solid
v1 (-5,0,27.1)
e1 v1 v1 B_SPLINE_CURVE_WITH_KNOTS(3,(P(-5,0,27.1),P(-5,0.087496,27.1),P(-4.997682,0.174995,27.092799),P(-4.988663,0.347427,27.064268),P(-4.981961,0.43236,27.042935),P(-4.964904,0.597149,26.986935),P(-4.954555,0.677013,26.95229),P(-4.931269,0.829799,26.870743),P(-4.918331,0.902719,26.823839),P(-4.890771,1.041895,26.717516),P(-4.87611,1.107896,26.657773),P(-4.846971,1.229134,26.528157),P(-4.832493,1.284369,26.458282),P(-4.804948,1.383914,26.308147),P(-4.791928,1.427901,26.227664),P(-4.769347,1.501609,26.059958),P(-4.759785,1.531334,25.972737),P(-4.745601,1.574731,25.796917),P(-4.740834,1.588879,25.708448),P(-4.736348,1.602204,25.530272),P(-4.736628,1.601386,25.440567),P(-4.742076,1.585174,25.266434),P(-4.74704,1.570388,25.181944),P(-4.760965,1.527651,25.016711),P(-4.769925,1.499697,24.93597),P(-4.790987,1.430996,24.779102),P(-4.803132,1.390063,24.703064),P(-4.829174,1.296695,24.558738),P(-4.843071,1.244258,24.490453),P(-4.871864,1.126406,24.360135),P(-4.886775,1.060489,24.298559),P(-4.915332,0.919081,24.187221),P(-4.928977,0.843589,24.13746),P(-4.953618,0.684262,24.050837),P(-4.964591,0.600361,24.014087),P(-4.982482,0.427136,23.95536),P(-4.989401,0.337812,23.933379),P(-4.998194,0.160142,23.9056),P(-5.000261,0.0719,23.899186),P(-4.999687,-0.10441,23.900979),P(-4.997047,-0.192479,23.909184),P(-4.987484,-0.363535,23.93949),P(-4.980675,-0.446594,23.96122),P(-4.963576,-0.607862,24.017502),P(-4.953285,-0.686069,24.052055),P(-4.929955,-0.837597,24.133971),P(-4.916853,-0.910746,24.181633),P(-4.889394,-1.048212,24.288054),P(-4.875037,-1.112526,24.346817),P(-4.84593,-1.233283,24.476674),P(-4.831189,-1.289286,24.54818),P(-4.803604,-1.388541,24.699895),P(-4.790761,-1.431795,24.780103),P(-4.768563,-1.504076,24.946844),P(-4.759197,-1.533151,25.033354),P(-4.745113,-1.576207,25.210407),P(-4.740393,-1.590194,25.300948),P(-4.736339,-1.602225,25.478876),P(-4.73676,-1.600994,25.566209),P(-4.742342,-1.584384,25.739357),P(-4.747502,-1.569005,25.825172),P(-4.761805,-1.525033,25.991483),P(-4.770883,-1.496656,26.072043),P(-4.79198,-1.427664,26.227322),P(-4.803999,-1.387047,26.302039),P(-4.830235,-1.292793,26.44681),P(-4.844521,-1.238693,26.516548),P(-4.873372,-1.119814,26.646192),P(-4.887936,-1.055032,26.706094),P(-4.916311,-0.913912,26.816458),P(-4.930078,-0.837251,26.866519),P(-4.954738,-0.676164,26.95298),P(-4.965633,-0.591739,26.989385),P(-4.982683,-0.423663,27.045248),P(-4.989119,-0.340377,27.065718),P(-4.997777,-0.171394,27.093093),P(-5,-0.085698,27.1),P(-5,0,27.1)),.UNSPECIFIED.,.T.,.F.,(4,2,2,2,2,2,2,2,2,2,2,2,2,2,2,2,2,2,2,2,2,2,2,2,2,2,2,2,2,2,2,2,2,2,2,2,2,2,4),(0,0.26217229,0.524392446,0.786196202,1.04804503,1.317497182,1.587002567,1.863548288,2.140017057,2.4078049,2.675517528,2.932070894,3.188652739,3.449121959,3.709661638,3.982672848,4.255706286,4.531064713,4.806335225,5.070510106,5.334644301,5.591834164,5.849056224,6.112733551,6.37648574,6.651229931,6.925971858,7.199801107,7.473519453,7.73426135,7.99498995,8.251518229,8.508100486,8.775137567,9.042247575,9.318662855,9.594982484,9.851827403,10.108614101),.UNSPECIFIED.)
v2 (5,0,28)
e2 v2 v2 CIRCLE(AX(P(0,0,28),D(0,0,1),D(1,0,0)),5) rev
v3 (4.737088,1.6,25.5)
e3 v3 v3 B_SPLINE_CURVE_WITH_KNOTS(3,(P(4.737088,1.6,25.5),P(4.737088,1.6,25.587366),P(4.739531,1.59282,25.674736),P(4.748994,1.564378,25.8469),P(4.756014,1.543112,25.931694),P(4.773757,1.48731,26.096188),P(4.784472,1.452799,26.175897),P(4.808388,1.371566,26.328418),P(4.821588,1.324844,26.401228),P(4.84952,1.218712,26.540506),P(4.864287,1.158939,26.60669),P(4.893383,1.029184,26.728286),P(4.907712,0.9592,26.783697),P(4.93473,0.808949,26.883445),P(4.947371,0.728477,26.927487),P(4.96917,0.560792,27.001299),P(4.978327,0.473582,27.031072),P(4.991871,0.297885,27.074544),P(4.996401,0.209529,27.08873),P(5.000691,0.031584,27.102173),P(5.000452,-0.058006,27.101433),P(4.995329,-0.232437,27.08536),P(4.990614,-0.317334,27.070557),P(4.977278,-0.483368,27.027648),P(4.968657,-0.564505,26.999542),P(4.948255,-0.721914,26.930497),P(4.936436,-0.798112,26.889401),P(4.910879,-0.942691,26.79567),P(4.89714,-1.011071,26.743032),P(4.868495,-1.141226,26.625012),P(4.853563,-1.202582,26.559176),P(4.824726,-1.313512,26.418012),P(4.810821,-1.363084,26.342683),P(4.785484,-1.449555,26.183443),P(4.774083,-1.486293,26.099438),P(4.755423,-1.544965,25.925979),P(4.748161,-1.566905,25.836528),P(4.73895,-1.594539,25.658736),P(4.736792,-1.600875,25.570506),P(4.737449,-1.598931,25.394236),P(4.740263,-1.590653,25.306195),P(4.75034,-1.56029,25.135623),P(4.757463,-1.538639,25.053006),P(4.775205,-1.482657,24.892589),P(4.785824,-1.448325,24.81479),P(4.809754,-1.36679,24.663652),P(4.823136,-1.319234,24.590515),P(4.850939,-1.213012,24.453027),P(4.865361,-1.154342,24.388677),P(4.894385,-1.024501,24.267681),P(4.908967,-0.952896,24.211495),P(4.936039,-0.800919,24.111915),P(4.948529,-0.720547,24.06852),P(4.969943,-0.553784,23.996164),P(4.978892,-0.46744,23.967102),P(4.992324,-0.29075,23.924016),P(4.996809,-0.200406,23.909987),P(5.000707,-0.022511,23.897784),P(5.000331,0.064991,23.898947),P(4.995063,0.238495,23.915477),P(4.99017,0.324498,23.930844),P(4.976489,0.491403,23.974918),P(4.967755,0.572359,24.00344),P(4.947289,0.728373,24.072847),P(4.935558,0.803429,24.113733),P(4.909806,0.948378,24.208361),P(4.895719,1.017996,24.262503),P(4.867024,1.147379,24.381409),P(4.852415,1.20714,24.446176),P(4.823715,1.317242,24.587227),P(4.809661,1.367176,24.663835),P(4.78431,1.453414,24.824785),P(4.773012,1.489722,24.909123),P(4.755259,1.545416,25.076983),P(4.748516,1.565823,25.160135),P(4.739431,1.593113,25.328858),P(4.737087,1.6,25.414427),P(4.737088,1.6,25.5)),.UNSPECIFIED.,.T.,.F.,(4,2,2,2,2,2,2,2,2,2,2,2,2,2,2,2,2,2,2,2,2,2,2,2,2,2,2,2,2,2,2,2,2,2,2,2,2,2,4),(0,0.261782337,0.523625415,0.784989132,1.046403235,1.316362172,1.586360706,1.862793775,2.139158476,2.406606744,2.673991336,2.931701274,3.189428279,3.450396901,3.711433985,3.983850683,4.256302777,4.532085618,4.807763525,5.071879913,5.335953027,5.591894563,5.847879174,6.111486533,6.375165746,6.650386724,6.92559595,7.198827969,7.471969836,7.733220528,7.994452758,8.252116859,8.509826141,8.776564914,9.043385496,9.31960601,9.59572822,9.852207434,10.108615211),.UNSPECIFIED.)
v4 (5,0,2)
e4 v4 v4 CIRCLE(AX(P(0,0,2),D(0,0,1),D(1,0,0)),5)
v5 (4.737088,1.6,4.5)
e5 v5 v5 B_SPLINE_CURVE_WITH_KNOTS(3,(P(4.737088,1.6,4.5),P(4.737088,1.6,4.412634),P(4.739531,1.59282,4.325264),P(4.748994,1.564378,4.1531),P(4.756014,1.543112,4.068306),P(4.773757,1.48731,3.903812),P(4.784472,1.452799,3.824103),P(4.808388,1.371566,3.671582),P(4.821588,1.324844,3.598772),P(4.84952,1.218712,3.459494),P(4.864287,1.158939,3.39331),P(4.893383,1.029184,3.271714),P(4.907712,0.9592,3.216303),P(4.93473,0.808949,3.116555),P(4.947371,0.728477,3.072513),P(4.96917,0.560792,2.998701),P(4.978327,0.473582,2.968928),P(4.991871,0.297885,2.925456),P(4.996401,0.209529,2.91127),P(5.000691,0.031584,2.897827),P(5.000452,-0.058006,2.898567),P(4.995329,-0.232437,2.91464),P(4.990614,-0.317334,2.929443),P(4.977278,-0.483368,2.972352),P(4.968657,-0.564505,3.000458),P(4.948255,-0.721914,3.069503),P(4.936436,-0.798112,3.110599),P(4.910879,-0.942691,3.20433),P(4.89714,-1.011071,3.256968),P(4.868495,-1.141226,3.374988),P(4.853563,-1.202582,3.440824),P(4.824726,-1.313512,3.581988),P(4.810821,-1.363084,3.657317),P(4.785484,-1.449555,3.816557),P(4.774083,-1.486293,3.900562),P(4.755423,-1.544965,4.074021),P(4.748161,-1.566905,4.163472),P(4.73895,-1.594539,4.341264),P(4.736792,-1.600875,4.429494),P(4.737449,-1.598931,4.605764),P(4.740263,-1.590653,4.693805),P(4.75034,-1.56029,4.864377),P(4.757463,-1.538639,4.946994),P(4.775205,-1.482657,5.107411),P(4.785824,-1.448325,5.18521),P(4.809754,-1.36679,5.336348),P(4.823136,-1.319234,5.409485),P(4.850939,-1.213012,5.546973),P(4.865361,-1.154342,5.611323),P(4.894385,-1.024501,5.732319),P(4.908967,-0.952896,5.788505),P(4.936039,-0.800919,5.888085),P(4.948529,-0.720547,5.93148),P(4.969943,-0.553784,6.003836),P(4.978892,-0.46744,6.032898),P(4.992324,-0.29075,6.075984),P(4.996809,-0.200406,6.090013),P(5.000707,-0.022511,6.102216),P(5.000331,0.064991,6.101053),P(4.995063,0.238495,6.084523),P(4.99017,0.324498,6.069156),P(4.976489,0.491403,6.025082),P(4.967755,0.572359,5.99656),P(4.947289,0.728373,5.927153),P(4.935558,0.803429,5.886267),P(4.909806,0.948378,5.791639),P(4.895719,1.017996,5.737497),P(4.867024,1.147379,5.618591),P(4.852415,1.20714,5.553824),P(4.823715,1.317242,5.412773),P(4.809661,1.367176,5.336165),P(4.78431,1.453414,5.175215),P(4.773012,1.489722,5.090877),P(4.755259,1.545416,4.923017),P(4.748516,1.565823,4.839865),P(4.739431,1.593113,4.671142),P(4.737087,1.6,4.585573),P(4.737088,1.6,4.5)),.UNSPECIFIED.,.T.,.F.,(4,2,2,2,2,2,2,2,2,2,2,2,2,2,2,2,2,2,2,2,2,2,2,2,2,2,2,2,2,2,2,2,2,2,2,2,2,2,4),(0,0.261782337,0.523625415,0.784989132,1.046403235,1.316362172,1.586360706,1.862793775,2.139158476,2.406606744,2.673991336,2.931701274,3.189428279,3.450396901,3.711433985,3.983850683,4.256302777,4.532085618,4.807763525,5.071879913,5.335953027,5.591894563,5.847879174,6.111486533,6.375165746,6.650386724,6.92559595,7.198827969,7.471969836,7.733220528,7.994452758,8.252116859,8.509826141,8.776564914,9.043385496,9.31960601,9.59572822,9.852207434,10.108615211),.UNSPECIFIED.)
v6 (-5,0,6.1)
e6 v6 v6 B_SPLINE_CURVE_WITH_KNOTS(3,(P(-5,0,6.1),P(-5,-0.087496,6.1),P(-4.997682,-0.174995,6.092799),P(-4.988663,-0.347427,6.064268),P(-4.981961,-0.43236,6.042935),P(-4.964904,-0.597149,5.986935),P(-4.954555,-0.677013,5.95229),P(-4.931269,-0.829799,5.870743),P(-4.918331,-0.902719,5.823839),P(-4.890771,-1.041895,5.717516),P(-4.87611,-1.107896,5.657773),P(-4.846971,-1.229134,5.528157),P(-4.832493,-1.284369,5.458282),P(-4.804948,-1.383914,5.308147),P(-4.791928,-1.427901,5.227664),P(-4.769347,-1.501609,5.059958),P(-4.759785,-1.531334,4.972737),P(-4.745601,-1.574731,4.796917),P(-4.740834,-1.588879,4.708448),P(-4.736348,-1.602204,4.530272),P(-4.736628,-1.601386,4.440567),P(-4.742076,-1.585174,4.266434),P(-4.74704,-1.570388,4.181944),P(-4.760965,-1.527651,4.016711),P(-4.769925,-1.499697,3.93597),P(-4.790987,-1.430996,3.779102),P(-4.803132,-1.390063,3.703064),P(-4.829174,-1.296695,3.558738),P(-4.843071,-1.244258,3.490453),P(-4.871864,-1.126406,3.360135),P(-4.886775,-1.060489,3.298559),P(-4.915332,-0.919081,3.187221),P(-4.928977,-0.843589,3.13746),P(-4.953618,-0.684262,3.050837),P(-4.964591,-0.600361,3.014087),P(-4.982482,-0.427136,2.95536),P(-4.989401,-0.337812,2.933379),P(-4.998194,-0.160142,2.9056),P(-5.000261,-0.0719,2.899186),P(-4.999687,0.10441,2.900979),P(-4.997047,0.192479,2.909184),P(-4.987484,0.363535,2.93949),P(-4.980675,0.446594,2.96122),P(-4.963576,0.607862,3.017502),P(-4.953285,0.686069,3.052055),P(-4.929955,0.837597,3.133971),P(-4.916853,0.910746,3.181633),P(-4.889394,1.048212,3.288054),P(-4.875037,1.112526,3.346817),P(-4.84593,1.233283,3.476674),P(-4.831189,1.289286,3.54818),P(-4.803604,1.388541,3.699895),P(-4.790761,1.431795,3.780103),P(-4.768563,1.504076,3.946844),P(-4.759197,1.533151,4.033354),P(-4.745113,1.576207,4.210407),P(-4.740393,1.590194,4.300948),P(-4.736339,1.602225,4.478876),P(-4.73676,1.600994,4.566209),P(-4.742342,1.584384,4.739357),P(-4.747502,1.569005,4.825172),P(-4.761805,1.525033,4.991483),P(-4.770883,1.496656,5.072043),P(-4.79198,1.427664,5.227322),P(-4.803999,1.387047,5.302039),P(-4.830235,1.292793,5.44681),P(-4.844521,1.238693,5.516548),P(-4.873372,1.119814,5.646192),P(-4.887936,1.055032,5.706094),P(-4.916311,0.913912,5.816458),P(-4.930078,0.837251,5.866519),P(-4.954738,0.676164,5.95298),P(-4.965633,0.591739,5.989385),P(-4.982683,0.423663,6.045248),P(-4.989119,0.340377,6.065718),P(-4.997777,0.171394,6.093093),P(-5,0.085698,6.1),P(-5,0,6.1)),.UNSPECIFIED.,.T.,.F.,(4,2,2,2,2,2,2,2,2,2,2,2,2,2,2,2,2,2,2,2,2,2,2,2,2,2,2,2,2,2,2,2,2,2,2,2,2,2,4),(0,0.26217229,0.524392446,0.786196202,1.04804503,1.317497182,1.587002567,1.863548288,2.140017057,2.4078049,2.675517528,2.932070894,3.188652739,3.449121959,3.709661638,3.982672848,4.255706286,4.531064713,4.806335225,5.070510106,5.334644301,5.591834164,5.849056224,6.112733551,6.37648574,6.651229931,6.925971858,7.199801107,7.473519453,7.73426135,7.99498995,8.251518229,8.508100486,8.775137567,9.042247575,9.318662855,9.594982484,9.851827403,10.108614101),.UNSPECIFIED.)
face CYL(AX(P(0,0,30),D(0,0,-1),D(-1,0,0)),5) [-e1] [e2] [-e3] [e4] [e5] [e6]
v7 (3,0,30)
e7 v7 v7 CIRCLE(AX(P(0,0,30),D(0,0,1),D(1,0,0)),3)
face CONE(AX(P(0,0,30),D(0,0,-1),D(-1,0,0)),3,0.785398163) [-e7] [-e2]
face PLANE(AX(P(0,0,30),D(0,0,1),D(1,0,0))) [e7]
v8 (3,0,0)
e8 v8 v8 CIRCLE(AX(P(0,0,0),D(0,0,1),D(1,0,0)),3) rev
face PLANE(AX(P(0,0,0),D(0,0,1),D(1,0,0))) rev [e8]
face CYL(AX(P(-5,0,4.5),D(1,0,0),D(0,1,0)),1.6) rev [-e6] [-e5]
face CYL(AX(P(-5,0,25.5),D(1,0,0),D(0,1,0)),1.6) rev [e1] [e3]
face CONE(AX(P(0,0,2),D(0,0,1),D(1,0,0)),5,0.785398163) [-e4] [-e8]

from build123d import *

# Parameters (mm, degrees)
SKETCH1_R               = 5
BASE_EXTRUDE_DEPTH      = 30
CHAMFER1_SIZE           = 2
CUT_EXTRUDE1_DEPTH      = 22.213203436
CUT_EXTRUDE1_DEPTH_BACK = 22.213203436
SKETCH2_R               = 1.6


with BuildPart() as part:
    # Sketch1 → Base-Extrude (new body)
    with BuildSketch(Plane.XY):
        Circle(SKETCH1_R)
    extrude(amount=BASE_EXTRUDE_DEPTH)

    # Chamfer1
    chamfer1_edges = [part.edges().sort_by_distance(p)[0] for p in [
        (-5, 0, 0),
        (-5, 0, 30),
    ]]
    chamfer(chamfer1_edges, length=CHAMFER1_SIZE)

    # Sketch2 → Cut-Extrude1 (cut, two sides: drawn at the far end of the back side and taken through both)
    with BuildSketch(Plane(origin=(0, 0, 10), x_dir=(0, -1, 0), z_dir=(1, 0, 0)).offset(-CUT_EXTRUDE1_DEPTH_BACK)):
        with Locations(Location((0, 5.5, 0), (0, 0, 269.99999999))):
            Circle(SKETCH2_R)
        with Locations(Location((0, -15.5, 0), (0, 0, 180))):
            Circle(SKETCH2_R)
    extrude(amount=CUT_EXTRUDE1_DEPTH + CUT_EXTRUDE1_DEPTH_BACK, mode=Mode.SUBTRACT)


solid = part.part
